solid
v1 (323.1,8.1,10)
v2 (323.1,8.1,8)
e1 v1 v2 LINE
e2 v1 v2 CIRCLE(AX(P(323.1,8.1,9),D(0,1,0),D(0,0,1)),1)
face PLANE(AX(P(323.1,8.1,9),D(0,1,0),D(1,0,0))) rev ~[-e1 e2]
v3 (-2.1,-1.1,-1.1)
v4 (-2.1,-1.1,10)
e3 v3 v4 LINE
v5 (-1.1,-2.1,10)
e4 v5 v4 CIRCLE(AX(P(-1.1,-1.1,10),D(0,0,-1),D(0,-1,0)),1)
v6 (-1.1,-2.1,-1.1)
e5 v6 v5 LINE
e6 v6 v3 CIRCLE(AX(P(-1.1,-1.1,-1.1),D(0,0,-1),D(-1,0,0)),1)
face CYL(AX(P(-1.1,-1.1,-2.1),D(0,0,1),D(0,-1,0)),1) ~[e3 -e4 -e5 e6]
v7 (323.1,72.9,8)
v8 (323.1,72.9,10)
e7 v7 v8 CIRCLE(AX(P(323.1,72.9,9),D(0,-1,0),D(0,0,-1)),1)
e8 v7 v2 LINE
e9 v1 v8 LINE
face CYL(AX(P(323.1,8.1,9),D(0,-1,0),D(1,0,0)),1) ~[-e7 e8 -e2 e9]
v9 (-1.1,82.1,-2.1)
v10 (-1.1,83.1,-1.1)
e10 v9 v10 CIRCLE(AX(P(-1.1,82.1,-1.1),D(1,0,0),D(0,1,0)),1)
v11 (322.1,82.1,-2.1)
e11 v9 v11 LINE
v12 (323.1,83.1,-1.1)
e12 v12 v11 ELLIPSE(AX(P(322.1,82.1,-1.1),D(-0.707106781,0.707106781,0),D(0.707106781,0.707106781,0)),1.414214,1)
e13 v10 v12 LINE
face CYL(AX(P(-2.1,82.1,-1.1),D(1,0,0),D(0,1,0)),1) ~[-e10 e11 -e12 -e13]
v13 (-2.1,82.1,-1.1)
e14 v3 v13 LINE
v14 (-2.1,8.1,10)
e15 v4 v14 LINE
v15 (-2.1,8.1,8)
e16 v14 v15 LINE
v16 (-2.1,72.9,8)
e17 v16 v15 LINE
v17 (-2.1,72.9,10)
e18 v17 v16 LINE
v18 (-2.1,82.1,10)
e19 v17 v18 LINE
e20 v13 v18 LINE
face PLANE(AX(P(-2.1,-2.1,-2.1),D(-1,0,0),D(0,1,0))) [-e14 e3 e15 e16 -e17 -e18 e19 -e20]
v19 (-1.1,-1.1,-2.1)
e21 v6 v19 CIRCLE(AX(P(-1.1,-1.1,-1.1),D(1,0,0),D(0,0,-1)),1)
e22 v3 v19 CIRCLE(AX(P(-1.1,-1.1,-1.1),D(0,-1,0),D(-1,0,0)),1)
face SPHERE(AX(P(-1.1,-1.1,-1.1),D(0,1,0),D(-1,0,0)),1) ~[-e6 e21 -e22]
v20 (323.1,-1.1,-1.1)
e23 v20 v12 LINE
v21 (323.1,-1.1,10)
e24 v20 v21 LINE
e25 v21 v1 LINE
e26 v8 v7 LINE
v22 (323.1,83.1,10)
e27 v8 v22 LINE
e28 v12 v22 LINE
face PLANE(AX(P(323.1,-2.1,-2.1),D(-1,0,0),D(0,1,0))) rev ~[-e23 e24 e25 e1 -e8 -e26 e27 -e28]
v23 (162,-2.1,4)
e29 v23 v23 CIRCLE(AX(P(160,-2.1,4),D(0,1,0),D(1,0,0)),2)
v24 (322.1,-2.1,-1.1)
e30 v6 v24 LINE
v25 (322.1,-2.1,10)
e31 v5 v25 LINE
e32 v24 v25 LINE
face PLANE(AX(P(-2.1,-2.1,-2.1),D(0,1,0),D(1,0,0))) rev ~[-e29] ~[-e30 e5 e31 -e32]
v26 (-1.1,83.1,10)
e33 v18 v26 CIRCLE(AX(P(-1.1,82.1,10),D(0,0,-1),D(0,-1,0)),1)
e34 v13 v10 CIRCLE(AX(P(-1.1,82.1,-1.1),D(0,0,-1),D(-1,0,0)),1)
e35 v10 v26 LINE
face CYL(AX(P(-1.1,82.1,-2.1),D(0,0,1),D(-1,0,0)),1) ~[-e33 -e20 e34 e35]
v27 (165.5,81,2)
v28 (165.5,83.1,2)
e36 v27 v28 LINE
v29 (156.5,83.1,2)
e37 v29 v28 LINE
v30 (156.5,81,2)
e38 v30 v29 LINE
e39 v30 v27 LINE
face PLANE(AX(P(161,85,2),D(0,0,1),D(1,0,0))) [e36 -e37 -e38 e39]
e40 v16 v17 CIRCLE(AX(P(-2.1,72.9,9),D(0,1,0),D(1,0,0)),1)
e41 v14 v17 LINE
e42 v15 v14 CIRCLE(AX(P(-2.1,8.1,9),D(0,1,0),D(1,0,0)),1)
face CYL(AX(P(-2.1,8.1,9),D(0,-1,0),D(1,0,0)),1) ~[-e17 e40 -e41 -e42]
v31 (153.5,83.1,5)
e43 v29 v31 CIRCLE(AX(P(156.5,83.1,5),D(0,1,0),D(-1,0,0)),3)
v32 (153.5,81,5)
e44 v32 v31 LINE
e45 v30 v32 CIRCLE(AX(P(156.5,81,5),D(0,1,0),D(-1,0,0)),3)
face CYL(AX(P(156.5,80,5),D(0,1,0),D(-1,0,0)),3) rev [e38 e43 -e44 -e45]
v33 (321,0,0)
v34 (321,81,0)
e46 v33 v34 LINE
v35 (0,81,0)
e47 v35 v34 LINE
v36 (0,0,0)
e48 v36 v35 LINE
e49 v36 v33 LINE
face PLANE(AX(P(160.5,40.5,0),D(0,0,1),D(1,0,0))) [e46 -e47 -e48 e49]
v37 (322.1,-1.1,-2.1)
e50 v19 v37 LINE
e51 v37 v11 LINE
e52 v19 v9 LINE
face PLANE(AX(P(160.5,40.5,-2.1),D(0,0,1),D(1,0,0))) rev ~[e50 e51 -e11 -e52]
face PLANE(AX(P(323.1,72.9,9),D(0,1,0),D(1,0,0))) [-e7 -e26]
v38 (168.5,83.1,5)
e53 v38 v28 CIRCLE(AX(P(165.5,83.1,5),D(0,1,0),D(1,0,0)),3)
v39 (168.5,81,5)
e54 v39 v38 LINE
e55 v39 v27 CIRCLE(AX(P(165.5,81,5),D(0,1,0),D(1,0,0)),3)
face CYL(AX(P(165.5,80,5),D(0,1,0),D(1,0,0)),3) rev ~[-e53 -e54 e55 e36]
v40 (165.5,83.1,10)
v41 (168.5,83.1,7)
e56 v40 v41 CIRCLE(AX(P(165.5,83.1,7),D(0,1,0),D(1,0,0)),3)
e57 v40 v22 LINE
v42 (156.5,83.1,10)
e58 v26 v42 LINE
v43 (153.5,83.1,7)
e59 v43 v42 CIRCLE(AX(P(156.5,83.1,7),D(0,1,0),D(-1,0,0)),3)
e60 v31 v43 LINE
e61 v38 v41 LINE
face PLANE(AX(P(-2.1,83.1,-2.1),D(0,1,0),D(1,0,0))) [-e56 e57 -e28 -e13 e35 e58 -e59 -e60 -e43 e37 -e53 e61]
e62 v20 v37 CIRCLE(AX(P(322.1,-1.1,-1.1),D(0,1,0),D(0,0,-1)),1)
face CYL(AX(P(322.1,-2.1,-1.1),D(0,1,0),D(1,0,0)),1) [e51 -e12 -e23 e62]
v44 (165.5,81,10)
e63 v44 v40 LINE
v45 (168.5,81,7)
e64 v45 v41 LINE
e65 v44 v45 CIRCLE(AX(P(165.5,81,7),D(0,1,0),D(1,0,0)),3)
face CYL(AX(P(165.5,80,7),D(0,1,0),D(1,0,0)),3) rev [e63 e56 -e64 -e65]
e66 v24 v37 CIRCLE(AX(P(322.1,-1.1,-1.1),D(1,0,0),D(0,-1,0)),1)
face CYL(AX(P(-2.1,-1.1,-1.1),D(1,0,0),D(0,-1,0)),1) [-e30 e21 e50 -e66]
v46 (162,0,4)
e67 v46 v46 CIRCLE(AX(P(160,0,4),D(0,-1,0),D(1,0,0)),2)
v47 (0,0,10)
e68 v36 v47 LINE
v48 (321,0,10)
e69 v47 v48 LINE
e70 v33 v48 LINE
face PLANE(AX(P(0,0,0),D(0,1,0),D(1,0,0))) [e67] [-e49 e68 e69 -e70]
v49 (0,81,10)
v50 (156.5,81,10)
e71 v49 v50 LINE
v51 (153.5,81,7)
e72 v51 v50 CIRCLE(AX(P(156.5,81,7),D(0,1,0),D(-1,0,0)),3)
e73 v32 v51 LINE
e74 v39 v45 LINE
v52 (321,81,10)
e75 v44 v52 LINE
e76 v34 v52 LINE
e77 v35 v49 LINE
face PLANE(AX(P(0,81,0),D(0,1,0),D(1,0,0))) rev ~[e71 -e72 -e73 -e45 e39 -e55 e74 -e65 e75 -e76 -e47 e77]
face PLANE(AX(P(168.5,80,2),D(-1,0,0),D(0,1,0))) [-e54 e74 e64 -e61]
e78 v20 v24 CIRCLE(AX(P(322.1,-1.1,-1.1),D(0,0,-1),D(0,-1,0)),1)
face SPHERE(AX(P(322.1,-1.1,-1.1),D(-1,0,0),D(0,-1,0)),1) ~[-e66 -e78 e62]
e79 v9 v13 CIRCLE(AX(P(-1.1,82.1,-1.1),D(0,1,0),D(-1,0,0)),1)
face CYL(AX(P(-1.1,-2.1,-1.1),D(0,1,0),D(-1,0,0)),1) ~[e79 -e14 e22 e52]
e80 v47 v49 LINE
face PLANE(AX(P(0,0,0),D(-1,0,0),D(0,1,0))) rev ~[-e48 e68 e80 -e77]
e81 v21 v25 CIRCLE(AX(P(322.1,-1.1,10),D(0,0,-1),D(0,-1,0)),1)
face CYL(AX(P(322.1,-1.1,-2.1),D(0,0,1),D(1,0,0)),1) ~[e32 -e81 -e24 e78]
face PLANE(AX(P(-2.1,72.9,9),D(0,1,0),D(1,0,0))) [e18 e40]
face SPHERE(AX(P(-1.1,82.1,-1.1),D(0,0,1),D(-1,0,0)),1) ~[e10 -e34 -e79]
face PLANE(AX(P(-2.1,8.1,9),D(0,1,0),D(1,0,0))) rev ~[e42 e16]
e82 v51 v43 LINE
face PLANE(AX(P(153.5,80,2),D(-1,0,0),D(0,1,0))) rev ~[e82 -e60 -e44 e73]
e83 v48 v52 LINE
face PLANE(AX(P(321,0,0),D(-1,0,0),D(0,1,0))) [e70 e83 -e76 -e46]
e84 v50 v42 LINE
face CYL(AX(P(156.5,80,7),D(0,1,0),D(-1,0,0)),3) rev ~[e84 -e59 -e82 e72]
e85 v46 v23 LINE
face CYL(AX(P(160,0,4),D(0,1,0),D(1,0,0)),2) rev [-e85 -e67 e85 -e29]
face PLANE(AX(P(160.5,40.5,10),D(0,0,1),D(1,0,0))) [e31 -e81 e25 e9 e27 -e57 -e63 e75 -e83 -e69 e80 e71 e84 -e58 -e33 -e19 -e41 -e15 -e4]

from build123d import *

# Parameters (mm, degrees)
CYLINDER_R         = 2
CYLINDER_DEPTH     = 10
BOX002_W           = 15
BOX002_H           = 10
BOX002_DEPTH       = 8
FILLET003_R        = 3
TONGUE_LEFT_R      = 1
TONGUE_LEFT_DEPTH  = 64.8
TONGUE_RIGHT_R     = 1
TONGUE_RIGHT_DEPTH = 64.8
CASE_INSIDE_W      = 321
CASE_INSIDE_H      = 81
CASE_INSIDE_DEPTH  = 10
CASE_OUTSIDE_W     = 325.2
CASE_OUTSIDE_H     = 85.2
CASE_OUTSIDE_DEPTH = 12.1
FILLET_R           = 1


with BuildPart() as cylinder:
    # Cylinder → Cylinder (new body)
    with BuildSketch(Plane(origin=(160, 0, 4), x_dir=(1, 0, 0), z_dir=(0, -1, 0))):
        Circle(CYLINDER_R)
    extrude(amount=CYLINDER_DEPTH)


with BuildPart() as fillet003:
    # Box002 → Box002 (new body)
    with BuildSketch(Plane(origin=(153.5, 80, 2), x_dir=(1, 0, 0), z_dir=(0, 0, 1))):
        with Locations((7.5, 5)):
            Rectangle(BOX002_W, BOX002_H)
    extrude(amount=BOX002_DEPTH)

    # Fillet003
    fillet003_edges = [fillet003.edges().sort_by_distance(p)[0] for p in [
        (153.5, 85, 10),
        (153.5, 85, 2),
        (168.5, 85, 10),
        (168.5, 85, 2),
    ]]
    fillet(fillet003_edges, radius=FILLET003_R)


with BuildPart() as tongue_left:
    # tongue_left → tongue_left (new body)
    with BuildSketch(Plane(origin=(-2.1, 8.1, 9), x_dir=(1, 0, 0), z_dir=(0, 1, 0))):
        Circle(TONGUE_LEFT_R)
    extrude(amount=TONGUE_LEFT_DEPTH)


with BuildPart() as tongue_right:
    # tongue_right → tongue_right (new body)
    with BuildSketch(Plane(origin=(323.1, 8.1, 9), x_dir=(1, 0, 0), z_dir=(0, 1, 0))):
        Circle(TONGUE_RIGHT_R)
    extrude(amount=TONGUE_RIGHT_DEPTH)


with BuildPart() as case_inside:
    # case_inside → case_inside (new body)
    with BuildSketch(Plane.XY):
        with Locations((160.5, 40.5)):
            Rectangle(CASE_INSIDE_W, CASE_INSIDE_H)
    extrude(amount=CASE_INSIDE_DEPTH)


with BuildPart() as case002:
    # case_outside → case_outside (new body)
    with BuildSketch(Plane(origin=(-2.1, -2.1, -2.1), x_dir=(1, 0, 0), z_dir=(0, 0, 1))):
        with Locations((162.6, 42.6)):
            Rectangle(CASE_OUTSIDE_W, CASE_OUTSIDE_H)
    extrude(amount=CASE_OUTSIDE_DEPTH)

    # Cut: cut case_inside
    add(case_inside.part, mode=Mode.SUBTRACT)

    # Fusion: union tongue_left, tongue_right
    add(tongue_left.part)
    add(tongue_right.part)

    # Fillet
    fillet_edges = [case002.edges().sort_by_distance(p)[0] for p in [
        (-2.1, 83.1, 3.95),
        (-2.1, 40.5, -2.1),
        (-2.1, -2.1, 3.95),
        (160.5, 83.1, -2.1),
        (160.5, -2.1, -2.1),
        (323.1, -2.1, 3.95),
        (323.1, 40.5, -2.1),
    ]]
    fillet(fillet_edges, radius=FILLET_R)

    # Cut005: cut Fillet003
    add(fillet003.part, mode=Mode.SUBTRACT)

    # Cut006: cut Cylinder
    add(cylinder.part, mode=Mode.SUBTRACT)


solid = case002.part
